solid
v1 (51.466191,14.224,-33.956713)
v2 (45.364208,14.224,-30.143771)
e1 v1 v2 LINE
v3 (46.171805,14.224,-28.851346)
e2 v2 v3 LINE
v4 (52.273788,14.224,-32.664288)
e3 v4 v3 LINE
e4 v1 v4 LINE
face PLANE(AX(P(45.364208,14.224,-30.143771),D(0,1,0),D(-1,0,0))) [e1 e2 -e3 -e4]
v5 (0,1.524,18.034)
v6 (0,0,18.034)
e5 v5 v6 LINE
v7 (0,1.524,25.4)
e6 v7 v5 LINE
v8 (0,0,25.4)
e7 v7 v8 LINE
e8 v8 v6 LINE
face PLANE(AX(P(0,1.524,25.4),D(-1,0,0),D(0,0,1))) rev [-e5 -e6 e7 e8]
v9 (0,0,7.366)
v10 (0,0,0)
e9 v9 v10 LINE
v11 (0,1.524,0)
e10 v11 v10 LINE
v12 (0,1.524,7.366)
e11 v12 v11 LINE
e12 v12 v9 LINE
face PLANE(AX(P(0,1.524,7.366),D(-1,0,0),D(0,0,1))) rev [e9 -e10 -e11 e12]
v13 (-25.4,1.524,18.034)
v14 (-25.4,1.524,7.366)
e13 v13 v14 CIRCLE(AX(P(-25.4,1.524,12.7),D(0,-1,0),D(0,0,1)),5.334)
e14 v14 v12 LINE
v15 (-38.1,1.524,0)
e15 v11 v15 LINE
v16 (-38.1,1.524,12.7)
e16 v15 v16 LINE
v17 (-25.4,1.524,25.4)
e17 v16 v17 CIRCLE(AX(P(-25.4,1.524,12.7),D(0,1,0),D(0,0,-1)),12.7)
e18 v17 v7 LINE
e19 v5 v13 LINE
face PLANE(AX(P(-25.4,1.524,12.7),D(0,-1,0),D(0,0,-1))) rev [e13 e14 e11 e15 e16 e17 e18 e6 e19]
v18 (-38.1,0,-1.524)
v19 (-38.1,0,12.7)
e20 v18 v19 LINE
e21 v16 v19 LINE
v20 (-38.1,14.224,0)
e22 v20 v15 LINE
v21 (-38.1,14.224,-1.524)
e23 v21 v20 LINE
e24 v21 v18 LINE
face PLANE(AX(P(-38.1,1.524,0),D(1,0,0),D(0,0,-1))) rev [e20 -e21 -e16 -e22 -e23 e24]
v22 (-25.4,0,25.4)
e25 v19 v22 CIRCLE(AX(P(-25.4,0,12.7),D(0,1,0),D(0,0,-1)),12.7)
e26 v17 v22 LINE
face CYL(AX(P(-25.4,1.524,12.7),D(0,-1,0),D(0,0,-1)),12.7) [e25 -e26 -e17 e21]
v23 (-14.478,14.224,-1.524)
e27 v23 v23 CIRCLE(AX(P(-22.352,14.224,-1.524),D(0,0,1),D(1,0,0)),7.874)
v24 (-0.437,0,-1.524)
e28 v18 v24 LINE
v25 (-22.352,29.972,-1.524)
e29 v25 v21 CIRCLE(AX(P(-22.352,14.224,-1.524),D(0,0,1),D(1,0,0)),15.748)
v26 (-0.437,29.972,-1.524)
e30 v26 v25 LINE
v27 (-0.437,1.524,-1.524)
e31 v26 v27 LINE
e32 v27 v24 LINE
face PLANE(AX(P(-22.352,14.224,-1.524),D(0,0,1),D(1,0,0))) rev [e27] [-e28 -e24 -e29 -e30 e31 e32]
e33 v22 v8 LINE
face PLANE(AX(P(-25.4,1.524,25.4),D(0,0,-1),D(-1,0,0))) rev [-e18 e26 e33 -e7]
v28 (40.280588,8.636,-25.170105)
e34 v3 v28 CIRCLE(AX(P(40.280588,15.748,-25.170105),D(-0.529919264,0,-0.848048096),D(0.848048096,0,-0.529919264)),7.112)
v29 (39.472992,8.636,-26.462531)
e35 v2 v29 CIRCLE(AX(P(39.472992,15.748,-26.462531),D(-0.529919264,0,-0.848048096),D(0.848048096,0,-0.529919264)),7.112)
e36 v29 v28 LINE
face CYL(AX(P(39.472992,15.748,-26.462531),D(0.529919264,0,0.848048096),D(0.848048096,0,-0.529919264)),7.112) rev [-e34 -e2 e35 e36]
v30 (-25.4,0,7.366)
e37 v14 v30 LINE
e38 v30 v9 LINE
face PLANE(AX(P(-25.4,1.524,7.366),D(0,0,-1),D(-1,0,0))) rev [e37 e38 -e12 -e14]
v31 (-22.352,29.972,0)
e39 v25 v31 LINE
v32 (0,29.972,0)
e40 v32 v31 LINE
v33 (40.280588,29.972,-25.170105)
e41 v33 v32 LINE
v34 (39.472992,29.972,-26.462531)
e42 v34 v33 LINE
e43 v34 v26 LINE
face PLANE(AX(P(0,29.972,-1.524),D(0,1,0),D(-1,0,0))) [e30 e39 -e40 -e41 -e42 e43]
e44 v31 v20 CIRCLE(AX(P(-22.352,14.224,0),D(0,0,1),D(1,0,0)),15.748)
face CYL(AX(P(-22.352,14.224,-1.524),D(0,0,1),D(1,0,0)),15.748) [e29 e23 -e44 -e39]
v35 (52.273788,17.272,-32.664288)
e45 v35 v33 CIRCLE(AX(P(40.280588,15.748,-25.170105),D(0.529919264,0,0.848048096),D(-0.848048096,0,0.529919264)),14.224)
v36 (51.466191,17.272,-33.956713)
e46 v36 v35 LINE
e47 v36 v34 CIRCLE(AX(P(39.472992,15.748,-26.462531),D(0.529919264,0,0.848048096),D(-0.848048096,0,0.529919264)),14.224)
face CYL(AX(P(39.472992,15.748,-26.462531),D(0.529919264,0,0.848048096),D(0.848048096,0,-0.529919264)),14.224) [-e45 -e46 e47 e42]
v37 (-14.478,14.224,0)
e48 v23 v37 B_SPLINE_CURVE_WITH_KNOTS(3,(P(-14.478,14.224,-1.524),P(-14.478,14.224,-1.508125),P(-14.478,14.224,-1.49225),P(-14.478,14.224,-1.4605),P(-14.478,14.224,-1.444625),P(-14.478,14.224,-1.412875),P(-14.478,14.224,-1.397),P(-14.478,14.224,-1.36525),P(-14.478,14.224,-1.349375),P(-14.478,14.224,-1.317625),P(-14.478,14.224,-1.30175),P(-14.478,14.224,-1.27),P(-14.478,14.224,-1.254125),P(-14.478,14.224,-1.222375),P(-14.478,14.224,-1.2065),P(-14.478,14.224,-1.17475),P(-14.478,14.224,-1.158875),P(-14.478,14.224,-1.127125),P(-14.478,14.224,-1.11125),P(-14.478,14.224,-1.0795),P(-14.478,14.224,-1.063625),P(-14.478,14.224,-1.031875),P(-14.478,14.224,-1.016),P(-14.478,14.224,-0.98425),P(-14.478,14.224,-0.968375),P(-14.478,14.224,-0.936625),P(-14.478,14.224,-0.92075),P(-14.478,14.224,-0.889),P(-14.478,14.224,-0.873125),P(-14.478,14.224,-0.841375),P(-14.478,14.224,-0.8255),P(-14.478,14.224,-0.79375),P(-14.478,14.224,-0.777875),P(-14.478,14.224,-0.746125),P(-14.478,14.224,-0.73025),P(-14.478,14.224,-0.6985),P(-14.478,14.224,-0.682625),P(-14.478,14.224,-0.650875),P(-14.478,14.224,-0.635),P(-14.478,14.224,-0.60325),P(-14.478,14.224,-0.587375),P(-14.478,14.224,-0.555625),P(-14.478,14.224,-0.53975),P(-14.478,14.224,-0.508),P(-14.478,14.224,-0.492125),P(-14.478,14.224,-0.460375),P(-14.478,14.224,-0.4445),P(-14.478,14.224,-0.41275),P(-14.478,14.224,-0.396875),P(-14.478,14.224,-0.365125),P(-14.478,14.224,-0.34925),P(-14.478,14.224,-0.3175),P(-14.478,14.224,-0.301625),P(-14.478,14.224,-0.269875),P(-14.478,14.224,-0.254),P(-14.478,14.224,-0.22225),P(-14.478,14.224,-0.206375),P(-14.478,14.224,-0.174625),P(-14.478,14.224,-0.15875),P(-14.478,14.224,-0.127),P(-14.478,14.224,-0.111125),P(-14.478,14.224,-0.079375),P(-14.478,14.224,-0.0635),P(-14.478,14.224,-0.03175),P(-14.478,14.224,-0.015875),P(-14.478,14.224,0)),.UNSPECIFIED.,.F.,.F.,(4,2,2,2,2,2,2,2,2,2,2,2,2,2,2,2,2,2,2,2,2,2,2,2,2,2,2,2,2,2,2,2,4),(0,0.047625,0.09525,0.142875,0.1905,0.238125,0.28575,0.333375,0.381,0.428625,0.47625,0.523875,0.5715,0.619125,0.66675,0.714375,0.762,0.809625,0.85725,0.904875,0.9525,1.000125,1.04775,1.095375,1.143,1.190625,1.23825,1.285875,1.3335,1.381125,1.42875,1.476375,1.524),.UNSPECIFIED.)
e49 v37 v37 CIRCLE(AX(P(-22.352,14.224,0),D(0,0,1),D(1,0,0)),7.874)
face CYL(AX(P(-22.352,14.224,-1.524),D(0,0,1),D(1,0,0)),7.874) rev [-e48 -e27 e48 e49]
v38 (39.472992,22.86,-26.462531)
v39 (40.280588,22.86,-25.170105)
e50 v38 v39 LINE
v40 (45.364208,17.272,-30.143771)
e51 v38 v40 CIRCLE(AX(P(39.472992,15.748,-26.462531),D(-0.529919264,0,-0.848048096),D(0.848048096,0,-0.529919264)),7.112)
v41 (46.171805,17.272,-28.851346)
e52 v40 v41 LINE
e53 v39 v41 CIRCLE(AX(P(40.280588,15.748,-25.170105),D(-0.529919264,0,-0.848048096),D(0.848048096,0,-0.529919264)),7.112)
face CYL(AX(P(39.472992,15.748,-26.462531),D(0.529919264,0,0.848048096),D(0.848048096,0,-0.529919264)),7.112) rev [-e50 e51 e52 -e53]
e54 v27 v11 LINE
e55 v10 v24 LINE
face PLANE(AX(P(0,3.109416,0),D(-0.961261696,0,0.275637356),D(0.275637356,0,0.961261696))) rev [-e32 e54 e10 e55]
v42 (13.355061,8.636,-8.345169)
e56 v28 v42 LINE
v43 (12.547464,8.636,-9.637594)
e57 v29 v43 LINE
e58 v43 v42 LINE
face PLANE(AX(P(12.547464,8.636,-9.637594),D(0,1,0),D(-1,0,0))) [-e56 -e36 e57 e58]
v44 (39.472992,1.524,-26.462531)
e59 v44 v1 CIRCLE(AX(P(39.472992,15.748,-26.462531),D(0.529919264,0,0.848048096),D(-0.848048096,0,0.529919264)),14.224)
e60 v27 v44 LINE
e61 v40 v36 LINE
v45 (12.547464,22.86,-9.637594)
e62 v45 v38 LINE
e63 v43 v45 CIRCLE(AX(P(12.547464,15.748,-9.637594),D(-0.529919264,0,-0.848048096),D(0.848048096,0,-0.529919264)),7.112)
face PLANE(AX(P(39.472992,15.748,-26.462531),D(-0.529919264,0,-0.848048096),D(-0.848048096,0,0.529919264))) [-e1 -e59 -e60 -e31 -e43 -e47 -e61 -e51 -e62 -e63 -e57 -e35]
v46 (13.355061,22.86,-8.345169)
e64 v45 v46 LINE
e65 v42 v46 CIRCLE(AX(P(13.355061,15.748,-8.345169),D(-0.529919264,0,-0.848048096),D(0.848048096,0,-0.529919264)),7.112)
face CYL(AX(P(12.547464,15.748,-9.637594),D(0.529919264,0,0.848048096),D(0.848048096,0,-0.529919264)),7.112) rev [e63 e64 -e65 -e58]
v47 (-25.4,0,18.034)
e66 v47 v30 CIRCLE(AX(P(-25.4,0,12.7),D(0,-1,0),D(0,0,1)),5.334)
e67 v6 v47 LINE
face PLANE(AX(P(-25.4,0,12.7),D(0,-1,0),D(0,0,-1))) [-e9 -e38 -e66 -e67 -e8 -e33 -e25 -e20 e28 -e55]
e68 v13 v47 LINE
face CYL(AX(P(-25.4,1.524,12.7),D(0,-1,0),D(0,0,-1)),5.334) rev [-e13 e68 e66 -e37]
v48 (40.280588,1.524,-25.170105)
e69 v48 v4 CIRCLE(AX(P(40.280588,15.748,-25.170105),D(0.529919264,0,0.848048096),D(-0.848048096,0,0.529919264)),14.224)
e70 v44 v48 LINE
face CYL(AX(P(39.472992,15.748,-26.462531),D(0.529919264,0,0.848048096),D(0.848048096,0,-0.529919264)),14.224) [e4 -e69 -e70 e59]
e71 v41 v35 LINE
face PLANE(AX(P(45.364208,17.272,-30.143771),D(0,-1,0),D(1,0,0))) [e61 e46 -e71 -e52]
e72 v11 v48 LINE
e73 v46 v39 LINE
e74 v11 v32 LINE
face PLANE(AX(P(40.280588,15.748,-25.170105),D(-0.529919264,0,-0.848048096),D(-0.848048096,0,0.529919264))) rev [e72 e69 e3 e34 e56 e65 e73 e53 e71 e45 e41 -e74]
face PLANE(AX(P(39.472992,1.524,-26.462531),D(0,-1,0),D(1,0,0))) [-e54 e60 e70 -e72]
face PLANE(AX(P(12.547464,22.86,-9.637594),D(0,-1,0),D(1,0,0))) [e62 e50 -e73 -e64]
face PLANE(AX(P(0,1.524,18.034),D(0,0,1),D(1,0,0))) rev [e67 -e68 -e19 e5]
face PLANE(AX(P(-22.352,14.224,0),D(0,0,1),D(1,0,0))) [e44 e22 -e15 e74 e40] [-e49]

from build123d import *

# Parameters (mm, degrees)
BOSS_EXTRUDE1_DEPTH = 1.524
SKETCH2_R           = 7.874
BOSS_EXTRUDE2_DEPTH = 1.524
BOSS_EXTRUDE3_DEPTH = 1.524
CUT_EXTRUDE1_DEPTH  = 1.524


with BuildPart() as part:
    # Sketch1 → Boss-Extrude1 (new body)
    with BuildSketch(Plane(origin=(0, 0, 0), x_dir=(1, 0, 0), z_dir=(0, 1, 0))):
        with BuildLine():
            Line((0, 0), (-38.1, 0))
            Line((-38.1, 0), (-38.1, -12.7))
            ThreePointArc((-38.1, -12.7), (-34.380256121, -21.680256121), (-25.4, -25.4))
            Line((-25.4, -25.4), (0, -25.4))
            Line((0, -25.4), (0, -18.034))
            Line((0, -18.034), (-25.4, -18.034))
            ThreePointArc((-25.4, -18.034), (-30.734, -12.7), (-25.4, -7.366))
            Line((-25.4, -7.366), (0, -7.366))
            Line((0, -7.366), (0, 0))
        make_face()
    extrude(amount=BOSS_EXTRUDE1_DEPTH)

    # Sketch2 → Boss-Extrude2 (add)
    with BuildSketch(Plane.XY):
        with BuildLine():
            Line((0, 0), (0, 29.972))
            Line((0, 29.972), (-22.352, 29.972))
            ThreePointArc((-22.352, 29.972), (-33.48751759, 25.35951759), (-38.1, 14.224))
            Line((-38.1, 14.224), (-38.1, 0))
            Line((-38.1, 0), (0, 0))
        make_face()
        with Locations((-22.352, 14.224)):
            Circle(SKETCH2_R, mode=Mode.SUBTRACT)
    extrude(amount=-BOSS_EXTRUDE2_DEPTH)

    # Sketch3 → Boss-Extrude3 (add)
    with BuildSketch(Plane(origin=(0, 0, 0), x_dir=(0, 1, 0), z_dir=(0.529919264233206, 0, 0.8480480961564253))):
        with BuildLine():
            Line((29.972, 0), (29.972, -47.498))
            ThreePointArc((29.972, -47.498), (26.330994661, -57.001809762), (17.272, -61.640121482))
            Line((17.272, -61.640121482), (17.272, -54.44479552))
            ThreePointArc((17.272, -54.44479552), (21.289625754, -51.955681909), (22.86, -47.498))
            Line((22.86, -47.498), (22.86, -15.748))
            ThreePointArc((22.86, -15.748), (15.748, -8.636), (8.636, -15.748))
            Line((8.636, -15.748), (8.636, -47.498))
            ThreePointArc((8.636, -47.498), (10.206374246, -51.955681909), (14.224, -54.44479552))
            Line((14.224, -54.44479552), (14.224, -61.640121482))
            ThreePointArc((14.224, -61.640121482), (5.165005339, -57.001809762), (1.524, -47.498))
            Line((1.524, -47.498), (1.524, 0))
            Line((1.524, 0), (29.972, 0))
        make_face()
    extrude(amount=-BOSS_EXTRUDE3_DEPTH)

    # Sketch4 → Cut-Extrude1 (cut)
    with BuildSketch(Plane.XZ):
        Polygon((0, 0), (-0.436999968, -1.524), (0, -1.524), align=None)
    extrude(amount=-CUT_EXTRUDE1_DEPTH, mode=Mode.SUBTRACT)


solid = part.part
